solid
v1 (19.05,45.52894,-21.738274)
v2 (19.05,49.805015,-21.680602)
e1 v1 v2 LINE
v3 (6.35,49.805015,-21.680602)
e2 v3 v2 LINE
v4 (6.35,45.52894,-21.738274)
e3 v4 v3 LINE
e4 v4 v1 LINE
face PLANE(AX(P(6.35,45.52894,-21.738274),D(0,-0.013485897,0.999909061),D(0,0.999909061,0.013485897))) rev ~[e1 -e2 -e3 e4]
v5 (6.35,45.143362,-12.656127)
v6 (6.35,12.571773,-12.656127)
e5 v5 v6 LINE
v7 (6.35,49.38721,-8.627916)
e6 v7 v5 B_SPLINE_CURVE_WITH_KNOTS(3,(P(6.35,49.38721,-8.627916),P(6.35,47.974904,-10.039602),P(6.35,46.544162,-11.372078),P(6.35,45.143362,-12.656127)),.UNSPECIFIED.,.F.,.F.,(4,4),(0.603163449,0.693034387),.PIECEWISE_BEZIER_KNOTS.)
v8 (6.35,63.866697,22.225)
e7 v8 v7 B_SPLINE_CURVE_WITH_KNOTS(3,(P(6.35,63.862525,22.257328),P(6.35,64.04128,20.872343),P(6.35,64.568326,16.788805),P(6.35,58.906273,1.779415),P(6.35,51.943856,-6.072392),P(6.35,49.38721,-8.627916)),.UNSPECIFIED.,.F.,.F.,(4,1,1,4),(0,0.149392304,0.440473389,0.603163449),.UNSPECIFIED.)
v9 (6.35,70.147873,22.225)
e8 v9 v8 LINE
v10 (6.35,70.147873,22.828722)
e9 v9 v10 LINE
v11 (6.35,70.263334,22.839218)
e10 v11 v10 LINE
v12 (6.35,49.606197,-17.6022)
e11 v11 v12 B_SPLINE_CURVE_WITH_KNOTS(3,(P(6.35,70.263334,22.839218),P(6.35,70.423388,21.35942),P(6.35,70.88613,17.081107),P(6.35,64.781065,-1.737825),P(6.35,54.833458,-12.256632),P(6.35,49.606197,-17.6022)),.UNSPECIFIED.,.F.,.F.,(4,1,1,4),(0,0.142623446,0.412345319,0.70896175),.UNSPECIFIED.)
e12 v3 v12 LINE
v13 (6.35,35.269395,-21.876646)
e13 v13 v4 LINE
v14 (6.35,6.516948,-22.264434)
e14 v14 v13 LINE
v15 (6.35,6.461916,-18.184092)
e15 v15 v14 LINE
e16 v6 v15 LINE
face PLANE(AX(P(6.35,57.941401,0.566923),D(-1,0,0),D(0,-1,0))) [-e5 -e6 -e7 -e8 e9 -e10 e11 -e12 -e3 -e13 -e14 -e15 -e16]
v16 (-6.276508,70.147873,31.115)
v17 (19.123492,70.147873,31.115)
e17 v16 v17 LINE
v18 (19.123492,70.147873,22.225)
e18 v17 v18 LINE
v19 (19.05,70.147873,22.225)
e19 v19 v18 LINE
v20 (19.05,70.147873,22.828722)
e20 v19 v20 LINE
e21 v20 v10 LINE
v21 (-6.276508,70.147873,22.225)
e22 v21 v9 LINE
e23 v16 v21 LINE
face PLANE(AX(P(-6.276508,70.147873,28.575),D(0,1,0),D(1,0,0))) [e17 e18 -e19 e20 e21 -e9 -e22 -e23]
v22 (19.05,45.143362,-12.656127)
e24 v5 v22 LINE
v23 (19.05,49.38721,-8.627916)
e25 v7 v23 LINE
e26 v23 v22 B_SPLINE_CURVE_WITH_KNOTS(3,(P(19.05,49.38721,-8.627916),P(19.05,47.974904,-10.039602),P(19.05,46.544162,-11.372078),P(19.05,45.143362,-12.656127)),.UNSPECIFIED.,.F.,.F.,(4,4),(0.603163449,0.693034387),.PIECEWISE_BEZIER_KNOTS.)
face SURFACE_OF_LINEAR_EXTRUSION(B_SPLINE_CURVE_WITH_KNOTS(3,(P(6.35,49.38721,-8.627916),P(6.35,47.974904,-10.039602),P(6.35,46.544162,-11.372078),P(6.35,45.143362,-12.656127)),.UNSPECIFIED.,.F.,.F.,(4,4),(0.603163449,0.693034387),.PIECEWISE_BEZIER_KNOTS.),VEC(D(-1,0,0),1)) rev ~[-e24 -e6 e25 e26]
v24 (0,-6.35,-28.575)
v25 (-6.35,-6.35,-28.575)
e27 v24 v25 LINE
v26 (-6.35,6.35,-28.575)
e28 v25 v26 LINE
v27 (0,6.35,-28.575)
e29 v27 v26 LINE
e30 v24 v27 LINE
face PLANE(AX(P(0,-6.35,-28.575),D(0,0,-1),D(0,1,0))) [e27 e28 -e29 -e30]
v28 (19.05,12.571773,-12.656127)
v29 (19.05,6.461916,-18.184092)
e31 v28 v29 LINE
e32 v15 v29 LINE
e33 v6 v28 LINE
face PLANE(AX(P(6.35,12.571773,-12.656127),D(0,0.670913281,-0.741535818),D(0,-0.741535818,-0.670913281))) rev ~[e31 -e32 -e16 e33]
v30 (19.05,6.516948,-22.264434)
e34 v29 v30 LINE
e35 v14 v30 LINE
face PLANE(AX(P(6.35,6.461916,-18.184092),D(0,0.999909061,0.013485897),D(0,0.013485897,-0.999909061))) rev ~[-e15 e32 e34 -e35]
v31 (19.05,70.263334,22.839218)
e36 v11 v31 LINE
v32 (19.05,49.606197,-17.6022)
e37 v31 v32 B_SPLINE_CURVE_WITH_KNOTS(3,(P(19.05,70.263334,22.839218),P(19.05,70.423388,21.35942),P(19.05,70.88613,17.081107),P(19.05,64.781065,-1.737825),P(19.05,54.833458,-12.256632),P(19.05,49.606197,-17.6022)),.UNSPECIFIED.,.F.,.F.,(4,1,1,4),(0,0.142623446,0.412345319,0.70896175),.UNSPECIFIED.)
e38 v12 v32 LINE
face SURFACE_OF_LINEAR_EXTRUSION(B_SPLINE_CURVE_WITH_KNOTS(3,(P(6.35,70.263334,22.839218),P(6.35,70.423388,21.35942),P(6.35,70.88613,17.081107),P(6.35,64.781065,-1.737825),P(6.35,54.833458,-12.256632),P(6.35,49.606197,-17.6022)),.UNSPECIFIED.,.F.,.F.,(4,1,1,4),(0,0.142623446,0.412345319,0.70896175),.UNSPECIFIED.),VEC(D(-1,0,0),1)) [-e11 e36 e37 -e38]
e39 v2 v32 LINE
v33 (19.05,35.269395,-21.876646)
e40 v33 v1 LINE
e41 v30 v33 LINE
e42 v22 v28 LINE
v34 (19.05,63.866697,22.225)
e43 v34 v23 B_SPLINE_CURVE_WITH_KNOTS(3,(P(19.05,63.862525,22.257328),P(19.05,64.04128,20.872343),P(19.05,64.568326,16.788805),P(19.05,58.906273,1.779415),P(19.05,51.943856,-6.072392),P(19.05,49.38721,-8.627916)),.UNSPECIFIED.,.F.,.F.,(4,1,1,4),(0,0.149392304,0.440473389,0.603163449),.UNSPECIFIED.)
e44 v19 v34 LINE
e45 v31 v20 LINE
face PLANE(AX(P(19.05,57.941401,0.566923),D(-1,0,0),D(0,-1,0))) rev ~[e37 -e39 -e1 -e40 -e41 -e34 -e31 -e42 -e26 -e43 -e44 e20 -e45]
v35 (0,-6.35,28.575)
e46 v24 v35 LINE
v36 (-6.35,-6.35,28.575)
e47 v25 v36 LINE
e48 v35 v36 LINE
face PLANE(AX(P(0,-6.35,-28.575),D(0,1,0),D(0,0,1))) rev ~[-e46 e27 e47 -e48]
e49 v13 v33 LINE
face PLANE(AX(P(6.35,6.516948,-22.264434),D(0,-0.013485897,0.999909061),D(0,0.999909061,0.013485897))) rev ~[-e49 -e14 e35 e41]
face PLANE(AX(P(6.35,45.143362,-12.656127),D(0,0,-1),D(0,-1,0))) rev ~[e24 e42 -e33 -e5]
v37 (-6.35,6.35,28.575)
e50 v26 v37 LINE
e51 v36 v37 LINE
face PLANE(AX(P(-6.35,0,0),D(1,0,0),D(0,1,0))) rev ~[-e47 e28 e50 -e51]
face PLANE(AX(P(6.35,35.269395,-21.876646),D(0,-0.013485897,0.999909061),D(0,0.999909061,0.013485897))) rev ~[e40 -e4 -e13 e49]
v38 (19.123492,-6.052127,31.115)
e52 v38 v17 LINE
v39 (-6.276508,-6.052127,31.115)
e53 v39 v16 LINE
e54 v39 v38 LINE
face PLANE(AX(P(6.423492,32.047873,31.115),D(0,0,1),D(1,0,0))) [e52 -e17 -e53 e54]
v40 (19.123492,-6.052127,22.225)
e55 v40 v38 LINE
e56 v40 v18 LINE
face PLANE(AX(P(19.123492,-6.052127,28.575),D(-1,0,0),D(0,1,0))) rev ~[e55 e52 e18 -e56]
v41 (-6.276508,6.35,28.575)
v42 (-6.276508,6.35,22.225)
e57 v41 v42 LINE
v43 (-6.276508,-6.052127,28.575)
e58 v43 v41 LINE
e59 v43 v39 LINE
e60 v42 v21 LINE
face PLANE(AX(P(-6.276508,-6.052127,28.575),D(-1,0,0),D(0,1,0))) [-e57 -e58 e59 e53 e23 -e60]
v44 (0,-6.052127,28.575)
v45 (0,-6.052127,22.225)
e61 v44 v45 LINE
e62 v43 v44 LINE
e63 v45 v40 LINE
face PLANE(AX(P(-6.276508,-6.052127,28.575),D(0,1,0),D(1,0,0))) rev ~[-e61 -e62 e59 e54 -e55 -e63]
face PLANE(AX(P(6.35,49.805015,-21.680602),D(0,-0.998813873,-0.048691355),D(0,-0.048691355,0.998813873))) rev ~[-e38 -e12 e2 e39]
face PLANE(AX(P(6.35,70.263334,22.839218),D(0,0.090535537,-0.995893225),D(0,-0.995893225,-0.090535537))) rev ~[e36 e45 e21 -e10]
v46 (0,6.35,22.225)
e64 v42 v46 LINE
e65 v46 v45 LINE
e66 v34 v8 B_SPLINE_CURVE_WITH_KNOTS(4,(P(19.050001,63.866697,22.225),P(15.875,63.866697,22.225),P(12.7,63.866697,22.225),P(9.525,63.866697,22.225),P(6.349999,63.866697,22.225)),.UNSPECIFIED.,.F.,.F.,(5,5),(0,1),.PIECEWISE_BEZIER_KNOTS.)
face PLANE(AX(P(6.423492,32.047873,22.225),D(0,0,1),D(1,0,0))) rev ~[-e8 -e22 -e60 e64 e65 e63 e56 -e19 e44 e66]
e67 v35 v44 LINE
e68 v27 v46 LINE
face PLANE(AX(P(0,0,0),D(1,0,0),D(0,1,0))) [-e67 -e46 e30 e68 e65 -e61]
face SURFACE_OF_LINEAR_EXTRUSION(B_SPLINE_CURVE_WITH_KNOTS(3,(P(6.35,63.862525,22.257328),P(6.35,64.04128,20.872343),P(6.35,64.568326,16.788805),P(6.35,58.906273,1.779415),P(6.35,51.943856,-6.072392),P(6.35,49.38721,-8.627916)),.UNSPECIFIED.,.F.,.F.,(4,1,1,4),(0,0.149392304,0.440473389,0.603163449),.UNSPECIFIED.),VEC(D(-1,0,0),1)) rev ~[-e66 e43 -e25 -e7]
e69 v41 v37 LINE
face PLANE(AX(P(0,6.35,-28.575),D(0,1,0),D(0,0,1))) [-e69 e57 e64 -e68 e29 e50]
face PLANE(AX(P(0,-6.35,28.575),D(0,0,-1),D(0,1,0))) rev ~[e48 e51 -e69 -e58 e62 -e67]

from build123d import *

# Parameters (mm, degrees)
F0_W          = 12.7
F0_H          = 57.15
F1_DEPTH      = 6.35
F3_W          = 25.4
F3_H          = 76.2
F4_DEPTH      = 6.35
F4_DEPTH_BACK = 2.54
F7_DEPTH      = 12.7


with BuildPart() as f1:
    # F0 (on Right) → F1 (new body)
    with BuildSketch(Plane.YZ):
        Rectangle(F0_W, F0_H)
    extrude(amount=-F1_DEPTH)

    # F3 (on offset) → F4 (join, two sides)
    with BuildSketch(Plane.XY.offset(28.575)) as f4_sk:
        with Locations((6.4234920739, 32.0478732836)):
            Rectangle(F3_W, F3_H)
    extrude(amount=-F4_DEPTH)
    extrude(f4_sk.sketch, amount=F4_DEPTH_BACK)

    # F6 (on offset) → F7 (join)
    with BuildSketch(Plane.YZ.offset(6.35)):
        with BuildLine():
            add(Edge.make_bspline(
                [(70.2633336186, 22.8392183781), (70.4233882553, 21.3594202626), (70.8861297069, 17.0811066655), (64.7810650809, -1.7378247981), (54.8334581019, -12.2566322998), (49.6061965824, -17.6021996762)],
                knots=[0, 0, 0, 0, 0.1426234456, 0.4123453195, 0.7089617498, 0.7089617498, 0.7089617498, 0.7089617498], degree=3))
            Line((70.2633336186, 22.8392183781), (63.8625249267, 22.2573280334))
            add(Edge.make_bspline(
                [(63.8625249267, 22.2573280334), (64.0412796019, 20.8723429335), (64.5683260106, 16.7888054132), (58.9062733043, 1.7794154409), (51.9438558064, -6.0723920348), (49.3872103067, -8.6279157552)],
                knots=[0, 0, 0, 0, 0.1493923045, 0.440473389, 0.6031634486, 0.6031634486, 0.6031634486, 0.6031634486], degree=3))
            add(Edge.make_bspline(
                [(49.3872103067, -8.6279157552), (47.9749044151, -10.0396019693), (46.5441619109, -11.3720779909), (45.1433620447, -12.6561271027)],
                knots=[0.6031634486, 0.6031634486, 0.6031634486, 0.6031634486, 0.6930343867, 0.6930343867, 0.6930343867, 0.6930343867], degree=3))
            add(Edge.make_bspline(
                [(45.1433620447, -12.6561271027), (44.389197075, -13.3474356064), (42.4890896803, -15.0736774227), (40.6944116755, -16.7399375724), (39.6315032844, -17.7367295919)],
                knots=[0.6930343867, 0.6930343867, 0.6930343867, 0.6930343867, 0.7414192524, 0.8163585632, 0.8163585632, 0.8163585632, 0.8163585632], degree=3))
            Line((39.6315032844, -17.7367295919), (49.6061965824, -17.6021996762))
        make_face()
        with BuildLine():
            Line((49.8050153623, -21.68060241), (49.6061965824, -17.6021996762))
            add(Edge.make_bspline(
                [(49.6061965824, -17.6021996762), (48.2481731115, -18.9909585771), (46.8889847211, -20.3686756001), (45.5289398536, -21.7382743664)],
                knots=[0.7089617498, 0.7089617498, 0.7089617498, 0.7089617498, 0.7860216162, 0.7860216162, 0.7860216162, 0.7860216162], degree=3))
            Line((45.5289398536, -21.7382743664), (49.8050153623, -21.68060241))
        make_face()
        with BuildLine():
            add(Edge.make_bspline(
                [(49.6061965824, -17.6021996762), (48.2481731115, -18.9909585771), (46.8889847211, -20.3686756001), (45.5289398536, -21.7382743664)],
                knots=[0.7089617498, 0.7089617498, 0.7089617498, 0.7089617498, 0.7860216162, 0.7860216162, 0.7860216162, 0.7860216162], degree=3))
            Line((49.6061965824, -17.6021996762), (39.6315032844, -17.7367295919))
            add(Edge.make_bspline(
                [(39.6315032844, -17.7367295919), (38.1330562509, -19.1419683285), (36.6895570101, -20.5159457613), (35.2693948102, -21.8766461126)],
                knots=[0.8163585632, 0.8163585632, 0.8163585632, 0.8163585632, 0.9220050976, 0.9220050976, 0.9220050976, 0.9220050976], degree=3))
            Line((35.2693948102, -21.8766461126), (45.5289398536, -21.7382743664))
        make_face()
        with BuildLine():
            Line((6.4619160257, -18.1840918958), (39.6315032844, -17.7367295919))
            add(Edge.make_bspline(
                [(45.1433620447, -12.6561271027), (44.389197075, -13.3474356064), (42.4890896803, -15.0736774227), (40.6944116755, -16.7399375724), (39.6315032844, -17.7367295919)],
                knots=[0.6930343867, 0.6930343867, 0.6930343867, 0.6930343867, 0.7414192524, 0.8163585632, 0.8163585632, 0.8163585632, 0.8163585632], degree=3))
            Line((45.1433620447, -12.6561271027), (12.5717725605, -12.6561271027))
            Line((12.5717725605, -12.6561271027), (6.4619160257, -18.1840918958))
        make_face()
        with BuildLine():
            add(Edge.make_bspline(
                [(39.6315032844, -17.7367295919), (38.1330562509, -19.1419683285), (36.6895570101, -20.5159457613), (35.2693948102, -21.8766461126)],
                knots=[0.8163585632, 0.8163585632, 0.8163585632, 0.8163585632, 0.9220050976, 0.9220050976, 0.9220050976, 0.9220050976], degree=3))
            Line((39.6315032844, -17.7367295919), (6.4619160257, -18.1840918958))
            Line((6.4619160257, -18.1840918958), (6.5169481003, -22.2644338986))
            Line((6.5169481003, -22.2644338986), (35.2693948102, -21.8766461126))
        make_face()
    extrude(amount=F7_DEPTH)


solid = f1.part
